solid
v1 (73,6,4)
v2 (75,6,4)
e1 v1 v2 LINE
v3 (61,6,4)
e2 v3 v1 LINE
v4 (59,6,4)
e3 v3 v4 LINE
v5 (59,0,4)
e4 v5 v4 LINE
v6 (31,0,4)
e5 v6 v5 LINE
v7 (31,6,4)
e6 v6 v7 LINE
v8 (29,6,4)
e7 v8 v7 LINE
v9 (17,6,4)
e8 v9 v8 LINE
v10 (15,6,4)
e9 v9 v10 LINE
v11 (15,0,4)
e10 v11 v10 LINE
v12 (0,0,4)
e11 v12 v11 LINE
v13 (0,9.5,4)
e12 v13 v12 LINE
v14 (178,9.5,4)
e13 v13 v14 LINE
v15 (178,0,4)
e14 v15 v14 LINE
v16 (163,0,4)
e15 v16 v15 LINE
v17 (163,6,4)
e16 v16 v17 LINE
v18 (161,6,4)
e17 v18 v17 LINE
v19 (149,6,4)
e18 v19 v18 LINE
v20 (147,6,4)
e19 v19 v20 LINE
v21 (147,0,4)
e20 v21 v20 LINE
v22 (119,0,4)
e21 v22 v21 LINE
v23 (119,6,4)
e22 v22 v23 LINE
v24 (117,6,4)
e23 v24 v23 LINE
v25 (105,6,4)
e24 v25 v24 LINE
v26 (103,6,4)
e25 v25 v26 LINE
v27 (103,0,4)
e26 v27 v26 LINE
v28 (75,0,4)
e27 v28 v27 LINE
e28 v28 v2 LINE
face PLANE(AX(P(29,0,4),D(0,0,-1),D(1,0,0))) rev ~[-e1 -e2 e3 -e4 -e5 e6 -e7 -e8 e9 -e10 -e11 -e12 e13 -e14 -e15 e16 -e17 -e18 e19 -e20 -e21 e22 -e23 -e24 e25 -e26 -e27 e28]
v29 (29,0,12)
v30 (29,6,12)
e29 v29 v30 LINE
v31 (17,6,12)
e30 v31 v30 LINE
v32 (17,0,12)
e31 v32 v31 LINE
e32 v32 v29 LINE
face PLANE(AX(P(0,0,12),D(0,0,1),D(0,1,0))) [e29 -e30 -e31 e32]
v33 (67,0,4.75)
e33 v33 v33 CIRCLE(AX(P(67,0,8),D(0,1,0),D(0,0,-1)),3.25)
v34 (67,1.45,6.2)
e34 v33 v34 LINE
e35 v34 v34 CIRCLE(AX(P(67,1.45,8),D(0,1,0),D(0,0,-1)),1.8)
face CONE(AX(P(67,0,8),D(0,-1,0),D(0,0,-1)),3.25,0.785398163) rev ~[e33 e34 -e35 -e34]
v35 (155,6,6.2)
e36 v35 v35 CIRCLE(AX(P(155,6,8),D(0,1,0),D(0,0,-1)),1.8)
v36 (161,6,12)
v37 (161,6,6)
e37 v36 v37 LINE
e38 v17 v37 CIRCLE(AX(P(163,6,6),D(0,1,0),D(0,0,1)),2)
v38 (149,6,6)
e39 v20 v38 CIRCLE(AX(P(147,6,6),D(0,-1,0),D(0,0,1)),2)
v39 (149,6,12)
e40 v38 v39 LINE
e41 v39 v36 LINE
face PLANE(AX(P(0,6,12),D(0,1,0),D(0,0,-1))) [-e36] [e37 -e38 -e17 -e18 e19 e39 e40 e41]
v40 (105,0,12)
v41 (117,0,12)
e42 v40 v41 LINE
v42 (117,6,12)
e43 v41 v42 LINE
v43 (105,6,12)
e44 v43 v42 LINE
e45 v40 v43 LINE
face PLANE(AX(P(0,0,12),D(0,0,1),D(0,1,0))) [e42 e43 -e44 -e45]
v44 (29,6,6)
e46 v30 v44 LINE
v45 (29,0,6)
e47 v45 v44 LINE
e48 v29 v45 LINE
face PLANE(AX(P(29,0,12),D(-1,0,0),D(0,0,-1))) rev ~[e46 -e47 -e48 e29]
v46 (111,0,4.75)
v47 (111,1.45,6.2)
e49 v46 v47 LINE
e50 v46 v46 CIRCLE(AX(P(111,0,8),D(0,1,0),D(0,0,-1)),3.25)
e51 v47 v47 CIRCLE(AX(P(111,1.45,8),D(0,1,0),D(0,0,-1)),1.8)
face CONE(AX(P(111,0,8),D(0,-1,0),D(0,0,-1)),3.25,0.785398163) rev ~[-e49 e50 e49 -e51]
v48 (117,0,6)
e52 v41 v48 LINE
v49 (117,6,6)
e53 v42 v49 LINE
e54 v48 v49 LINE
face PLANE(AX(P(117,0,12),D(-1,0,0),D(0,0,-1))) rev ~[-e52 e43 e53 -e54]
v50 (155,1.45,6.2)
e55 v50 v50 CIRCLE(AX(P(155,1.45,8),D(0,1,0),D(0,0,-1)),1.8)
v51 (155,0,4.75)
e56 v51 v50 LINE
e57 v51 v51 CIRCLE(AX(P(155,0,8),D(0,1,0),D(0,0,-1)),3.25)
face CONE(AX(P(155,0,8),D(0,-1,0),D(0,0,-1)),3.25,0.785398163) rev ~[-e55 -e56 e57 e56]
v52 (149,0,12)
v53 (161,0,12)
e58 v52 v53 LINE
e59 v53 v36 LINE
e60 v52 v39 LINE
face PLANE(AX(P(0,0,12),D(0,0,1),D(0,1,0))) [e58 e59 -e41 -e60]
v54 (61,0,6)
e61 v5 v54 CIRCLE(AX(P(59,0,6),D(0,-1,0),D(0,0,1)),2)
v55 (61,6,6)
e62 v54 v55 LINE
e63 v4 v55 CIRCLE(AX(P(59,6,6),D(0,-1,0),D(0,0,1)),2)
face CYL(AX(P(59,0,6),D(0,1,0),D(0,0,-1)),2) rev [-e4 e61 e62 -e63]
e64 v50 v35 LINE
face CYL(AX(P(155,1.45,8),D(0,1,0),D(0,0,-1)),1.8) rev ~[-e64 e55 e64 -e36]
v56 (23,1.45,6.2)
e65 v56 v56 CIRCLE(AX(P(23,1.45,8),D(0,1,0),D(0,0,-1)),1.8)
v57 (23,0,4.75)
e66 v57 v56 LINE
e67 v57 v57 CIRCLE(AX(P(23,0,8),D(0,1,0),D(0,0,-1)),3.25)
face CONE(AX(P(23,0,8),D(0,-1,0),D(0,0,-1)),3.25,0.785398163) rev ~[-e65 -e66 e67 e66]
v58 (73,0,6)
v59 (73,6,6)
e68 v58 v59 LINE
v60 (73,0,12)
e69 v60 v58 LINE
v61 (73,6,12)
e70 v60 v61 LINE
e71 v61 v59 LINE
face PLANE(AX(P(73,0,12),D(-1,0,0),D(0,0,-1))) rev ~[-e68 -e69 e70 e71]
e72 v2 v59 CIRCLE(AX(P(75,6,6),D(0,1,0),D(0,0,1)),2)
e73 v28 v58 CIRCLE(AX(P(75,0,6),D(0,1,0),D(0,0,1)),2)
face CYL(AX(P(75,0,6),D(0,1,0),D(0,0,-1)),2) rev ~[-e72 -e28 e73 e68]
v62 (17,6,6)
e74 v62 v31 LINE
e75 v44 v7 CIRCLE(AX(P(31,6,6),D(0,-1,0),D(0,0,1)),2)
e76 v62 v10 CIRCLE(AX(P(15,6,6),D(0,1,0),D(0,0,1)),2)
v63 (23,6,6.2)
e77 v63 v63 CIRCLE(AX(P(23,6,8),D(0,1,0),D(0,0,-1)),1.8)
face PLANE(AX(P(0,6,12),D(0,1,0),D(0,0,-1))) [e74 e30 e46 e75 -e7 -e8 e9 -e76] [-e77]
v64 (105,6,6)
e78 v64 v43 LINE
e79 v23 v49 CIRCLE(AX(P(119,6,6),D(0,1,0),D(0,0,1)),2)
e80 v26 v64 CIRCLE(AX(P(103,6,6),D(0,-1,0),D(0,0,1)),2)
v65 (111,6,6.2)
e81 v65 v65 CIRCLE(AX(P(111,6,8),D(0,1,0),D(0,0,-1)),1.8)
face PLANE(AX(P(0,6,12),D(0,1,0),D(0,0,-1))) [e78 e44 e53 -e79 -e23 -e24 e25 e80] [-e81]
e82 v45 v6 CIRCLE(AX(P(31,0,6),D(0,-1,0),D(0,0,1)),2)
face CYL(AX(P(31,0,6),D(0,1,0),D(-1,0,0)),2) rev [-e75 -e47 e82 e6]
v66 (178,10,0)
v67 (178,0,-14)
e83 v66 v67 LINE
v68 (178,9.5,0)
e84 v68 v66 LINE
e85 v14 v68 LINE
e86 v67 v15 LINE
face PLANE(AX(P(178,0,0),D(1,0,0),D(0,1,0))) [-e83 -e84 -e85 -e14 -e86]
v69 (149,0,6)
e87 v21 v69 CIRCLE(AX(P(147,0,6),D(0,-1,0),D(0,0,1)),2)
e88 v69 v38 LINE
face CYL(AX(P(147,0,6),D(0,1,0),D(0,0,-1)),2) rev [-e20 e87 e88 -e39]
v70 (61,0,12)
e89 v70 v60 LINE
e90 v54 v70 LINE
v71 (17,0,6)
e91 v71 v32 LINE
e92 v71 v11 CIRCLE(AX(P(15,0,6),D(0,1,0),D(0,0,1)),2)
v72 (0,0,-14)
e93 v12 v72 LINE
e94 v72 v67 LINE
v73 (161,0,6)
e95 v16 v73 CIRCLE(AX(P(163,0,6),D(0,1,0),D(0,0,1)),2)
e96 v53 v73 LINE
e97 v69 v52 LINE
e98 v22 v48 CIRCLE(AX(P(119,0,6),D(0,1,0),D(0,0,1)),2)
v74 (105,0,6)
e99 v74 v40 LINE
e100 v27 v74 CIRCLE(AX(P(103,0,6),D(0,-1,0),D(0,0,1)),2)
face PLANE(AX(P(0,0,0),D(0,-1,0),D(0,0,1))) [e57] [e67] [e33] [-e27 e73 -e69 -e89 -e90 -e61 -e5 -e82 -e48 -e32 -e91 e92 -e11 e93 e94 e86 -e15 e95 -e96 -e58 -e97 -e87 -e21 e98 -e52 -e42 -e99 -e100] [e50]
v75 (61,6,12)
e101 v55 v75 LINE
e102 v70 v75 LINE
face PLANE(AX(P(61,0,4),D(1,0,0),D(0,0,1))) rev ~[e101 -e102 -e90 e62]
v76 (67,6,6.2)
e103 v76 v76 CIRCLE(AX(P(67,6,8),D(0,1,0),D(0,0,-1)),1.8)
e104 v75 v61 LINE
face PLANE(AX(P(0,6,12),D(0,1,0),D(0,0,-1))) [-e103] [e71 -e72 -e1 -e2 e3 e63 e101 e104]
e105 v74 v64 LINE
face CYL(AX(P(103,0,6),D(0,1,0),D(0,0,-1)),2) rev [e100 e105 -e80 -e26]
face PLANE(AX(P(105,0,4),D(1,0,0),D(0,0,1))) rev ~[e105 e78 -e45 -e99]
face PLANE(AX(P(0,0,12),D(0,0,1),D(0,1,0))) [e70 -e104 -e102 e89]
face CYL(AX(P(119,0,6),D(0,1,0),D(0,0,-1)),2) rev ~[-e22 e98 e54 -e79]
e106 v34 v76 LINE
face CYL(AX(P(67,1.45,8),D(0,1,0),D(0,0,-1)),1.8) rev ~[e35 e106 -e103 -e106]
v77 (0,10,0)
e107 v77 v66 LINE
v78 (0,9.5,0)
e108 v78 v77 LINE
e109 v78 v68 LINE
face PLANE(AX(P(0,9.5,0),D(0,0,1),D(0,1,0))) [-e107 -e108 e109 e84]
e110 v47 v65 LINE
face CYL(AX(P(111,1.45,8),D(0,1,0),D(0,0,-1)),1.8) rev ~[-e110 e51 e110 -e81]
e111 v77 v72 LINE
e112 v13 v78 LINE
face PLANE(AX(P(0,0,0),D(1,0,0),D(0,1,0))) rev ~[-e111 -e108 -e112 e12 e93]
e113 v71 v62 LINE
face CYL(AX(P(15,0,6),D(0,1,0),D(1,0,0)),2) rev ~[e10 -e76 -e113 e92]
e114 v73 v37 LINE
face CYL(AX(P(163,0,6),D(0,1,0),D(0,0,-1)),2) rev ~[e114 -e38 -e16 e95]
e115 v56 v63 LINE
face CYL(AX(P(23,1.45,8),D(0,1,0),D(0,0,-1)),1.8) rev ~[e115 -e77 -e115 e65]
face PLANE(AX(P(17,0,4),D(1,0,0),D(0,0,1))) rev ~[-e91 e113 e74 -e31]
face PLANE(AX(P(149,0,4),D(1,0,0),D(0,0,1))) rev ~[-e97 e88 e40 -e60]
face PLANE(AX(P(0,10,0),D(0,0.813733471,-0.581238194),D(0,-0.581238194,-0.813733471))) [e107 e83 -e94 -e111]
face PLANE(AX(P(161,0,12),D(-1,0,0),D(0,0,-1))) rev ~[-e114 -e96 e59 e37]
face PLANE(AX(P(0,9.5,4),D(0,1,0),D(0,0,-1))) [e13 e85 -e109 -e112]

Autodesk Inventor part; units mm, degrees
ref_plane "YZ Plane" through (0, 0, 0) normal (1, 0, 0) x (0, 1, 0)
ref_plane "XZ Plane" through (0, 0, 0) normal (0, 1, 0) x (-1, 0, 0)
ref_plane "XY Plane" through (0, 0, 0) normal (0, 0, 1) x (1, 0, 0)
sketch "Sketch3" plane through (0, 0, 0) normal (1, 0, 0) x (0, 1, 0)
  line L0 (0, 0) -> (10, 0)
  line L1 (10, 0) -> (10, -14)
  line L2 (10, -14) -> (0, -14)
  line L3 (0, -14) -> (0, 0)
  line L4 (10, 0) -> (0, -14)
  line L5 (6, 0) -> (0, 0)
  line L6 (0, 0) -> (0, 12)
  line L7 (0, 12) -> (6, 12)
  line L8 (6, 12) -> (6, 0)
  line L9 (9.5, 0) -> (6, 0)
  line L10 (6, 0) -> (6, 4)
  line L11 (6, 4) -> (9.5, 4)
  line L12 (9.5, 4) -> (9.5, 0)
  dimension "d30" = 12
  dimension "d31" = 6
  dimension "d63" = 10
  dimension "d74" = 0.5
  dimension "d75" = 4
  dimension "d76" = 3.5
  dimension "d141" = 35.538
  dimension "d142" = 14
extrude "Extrusion2" add sketch "Sketch3" along normal blind 178 contours L6 L7 L8 L0 | L0 L4 L3 | L8 L11 L12 L0
sketch "Sketch10" plane through (0, 0, -14) normal (0, -1, 0) x (1, 0, 0)
  line L0 (0, 18) -> (0, 26) projected
  line L1 (0, 26) -> (178, 26) projected
  line L2 (178, 18) -> (178, 26) projected
  line L3 (0, 18) -> (178, 18) projected
  line L4 (0, 14) -> (0, 18) projected
  line L5 (0, 18) -> (17, 18)
  line L6 (17, 18) -> (17, 26)
  line L7 (17, 26) -> (0, 26)
  line L8 (0, 26) -> (0, 18)
  line L9 (0, 18) -> (178, 18) projected
  line L10 (178, 26) -> (161, 26)
  line L11 (161, 26) -> (161, 18)
  line L12 (161, 18) -> (178, 18)
  line L13 (178, 18) -> (178, 26)
  line L14 (17, 26) -> (29, 26)
  line L15 (29, 26) -> (29, 18)
  line L16 (29, 18) -> (17, 18)
  line L17 (17, 18) -> (17, 26)
  line L18 (61, 26) -> (73, 26)
  line L19 (73, 26) -> (73, 18)
  line L20 (73, 18) -> (61, 18)
  line L21 (61, 18) -> (61, 26)
  line L22 (105, 26) -> (117, 26)
  line L23 (117, 26) -> (117, 18)
  line L24 (117, 18) -> (105, 18)
  line L25 (105, 18) -> (105, 26)
  line L26 (149, 26) -> (161, 26)
  line L27 (161, 26) -> (161, 18)
  line L28 (161, 18) -> (149, 18)
  line L29 (149, 18) -> (149, 26)
  line L30 (17, 26) -> (29, 18)
  line L31 (29, 26) -> (17, 18)
  line L32 (61, 26) -> (73, 18)
  line L33 (73, 26) -> (61, 18)
  line L34 (105, 26) -> (117, 18)
  line L35 (117, 26) -> (105, 18)
  line L36 (149, 26) -> (161, 18)
  line L37 (161, 26) -> (149, 18)
  point P0 (105, 18)
  point P1 (23, 22)
  point P2 (67, 22)
  point P3 (111, 22)
  point P4 (155, 22)
  dimension "d118" = 17
  dimension "d119" = 17
  dimension "d120" = 12
  dimension "d121" = 12
  dimension "d122" = 12
  dimension "d123" = 12
  dimension "d124" = 0
  dimension "d125" = 0
  dimension "d126" = 32
  dimension "d129" = 32
  dimension "d130" = 32
extrude "Extrusion5" cut sketch "Sketch10" against normal up to next contours L0 L1 L6 L3 | L15 L1 L21 L3 | L19 L1 L25 L3 | L23 L1 L29 L3 | L11 L1 L2 L3
hole "Hole4" at (23, 0, 8) at (67, 0, 8) at (111, 0, 8) at (155, 0, 8) direction (0, 1, 0) diameter 3.6 end through all countersink diameter 6.5 countersink angle 90 clearance for "Countersunk Flat Head Screw ISO 2009/7046" size "M3" standard "ISO"
fillet "Fillet2" radius 2 8 edges at (17, 3, 4) (29, 3, 4) (61, 3, 4) (73, 3, 4) (105, 3, 4) (117, 3, 4) (149, 3, 4) (161, 3, 4)
equation "\"d126\" = d130"
equation "\"d129\" = d130"
properties part number "plog" material "Steel, Alloy"
